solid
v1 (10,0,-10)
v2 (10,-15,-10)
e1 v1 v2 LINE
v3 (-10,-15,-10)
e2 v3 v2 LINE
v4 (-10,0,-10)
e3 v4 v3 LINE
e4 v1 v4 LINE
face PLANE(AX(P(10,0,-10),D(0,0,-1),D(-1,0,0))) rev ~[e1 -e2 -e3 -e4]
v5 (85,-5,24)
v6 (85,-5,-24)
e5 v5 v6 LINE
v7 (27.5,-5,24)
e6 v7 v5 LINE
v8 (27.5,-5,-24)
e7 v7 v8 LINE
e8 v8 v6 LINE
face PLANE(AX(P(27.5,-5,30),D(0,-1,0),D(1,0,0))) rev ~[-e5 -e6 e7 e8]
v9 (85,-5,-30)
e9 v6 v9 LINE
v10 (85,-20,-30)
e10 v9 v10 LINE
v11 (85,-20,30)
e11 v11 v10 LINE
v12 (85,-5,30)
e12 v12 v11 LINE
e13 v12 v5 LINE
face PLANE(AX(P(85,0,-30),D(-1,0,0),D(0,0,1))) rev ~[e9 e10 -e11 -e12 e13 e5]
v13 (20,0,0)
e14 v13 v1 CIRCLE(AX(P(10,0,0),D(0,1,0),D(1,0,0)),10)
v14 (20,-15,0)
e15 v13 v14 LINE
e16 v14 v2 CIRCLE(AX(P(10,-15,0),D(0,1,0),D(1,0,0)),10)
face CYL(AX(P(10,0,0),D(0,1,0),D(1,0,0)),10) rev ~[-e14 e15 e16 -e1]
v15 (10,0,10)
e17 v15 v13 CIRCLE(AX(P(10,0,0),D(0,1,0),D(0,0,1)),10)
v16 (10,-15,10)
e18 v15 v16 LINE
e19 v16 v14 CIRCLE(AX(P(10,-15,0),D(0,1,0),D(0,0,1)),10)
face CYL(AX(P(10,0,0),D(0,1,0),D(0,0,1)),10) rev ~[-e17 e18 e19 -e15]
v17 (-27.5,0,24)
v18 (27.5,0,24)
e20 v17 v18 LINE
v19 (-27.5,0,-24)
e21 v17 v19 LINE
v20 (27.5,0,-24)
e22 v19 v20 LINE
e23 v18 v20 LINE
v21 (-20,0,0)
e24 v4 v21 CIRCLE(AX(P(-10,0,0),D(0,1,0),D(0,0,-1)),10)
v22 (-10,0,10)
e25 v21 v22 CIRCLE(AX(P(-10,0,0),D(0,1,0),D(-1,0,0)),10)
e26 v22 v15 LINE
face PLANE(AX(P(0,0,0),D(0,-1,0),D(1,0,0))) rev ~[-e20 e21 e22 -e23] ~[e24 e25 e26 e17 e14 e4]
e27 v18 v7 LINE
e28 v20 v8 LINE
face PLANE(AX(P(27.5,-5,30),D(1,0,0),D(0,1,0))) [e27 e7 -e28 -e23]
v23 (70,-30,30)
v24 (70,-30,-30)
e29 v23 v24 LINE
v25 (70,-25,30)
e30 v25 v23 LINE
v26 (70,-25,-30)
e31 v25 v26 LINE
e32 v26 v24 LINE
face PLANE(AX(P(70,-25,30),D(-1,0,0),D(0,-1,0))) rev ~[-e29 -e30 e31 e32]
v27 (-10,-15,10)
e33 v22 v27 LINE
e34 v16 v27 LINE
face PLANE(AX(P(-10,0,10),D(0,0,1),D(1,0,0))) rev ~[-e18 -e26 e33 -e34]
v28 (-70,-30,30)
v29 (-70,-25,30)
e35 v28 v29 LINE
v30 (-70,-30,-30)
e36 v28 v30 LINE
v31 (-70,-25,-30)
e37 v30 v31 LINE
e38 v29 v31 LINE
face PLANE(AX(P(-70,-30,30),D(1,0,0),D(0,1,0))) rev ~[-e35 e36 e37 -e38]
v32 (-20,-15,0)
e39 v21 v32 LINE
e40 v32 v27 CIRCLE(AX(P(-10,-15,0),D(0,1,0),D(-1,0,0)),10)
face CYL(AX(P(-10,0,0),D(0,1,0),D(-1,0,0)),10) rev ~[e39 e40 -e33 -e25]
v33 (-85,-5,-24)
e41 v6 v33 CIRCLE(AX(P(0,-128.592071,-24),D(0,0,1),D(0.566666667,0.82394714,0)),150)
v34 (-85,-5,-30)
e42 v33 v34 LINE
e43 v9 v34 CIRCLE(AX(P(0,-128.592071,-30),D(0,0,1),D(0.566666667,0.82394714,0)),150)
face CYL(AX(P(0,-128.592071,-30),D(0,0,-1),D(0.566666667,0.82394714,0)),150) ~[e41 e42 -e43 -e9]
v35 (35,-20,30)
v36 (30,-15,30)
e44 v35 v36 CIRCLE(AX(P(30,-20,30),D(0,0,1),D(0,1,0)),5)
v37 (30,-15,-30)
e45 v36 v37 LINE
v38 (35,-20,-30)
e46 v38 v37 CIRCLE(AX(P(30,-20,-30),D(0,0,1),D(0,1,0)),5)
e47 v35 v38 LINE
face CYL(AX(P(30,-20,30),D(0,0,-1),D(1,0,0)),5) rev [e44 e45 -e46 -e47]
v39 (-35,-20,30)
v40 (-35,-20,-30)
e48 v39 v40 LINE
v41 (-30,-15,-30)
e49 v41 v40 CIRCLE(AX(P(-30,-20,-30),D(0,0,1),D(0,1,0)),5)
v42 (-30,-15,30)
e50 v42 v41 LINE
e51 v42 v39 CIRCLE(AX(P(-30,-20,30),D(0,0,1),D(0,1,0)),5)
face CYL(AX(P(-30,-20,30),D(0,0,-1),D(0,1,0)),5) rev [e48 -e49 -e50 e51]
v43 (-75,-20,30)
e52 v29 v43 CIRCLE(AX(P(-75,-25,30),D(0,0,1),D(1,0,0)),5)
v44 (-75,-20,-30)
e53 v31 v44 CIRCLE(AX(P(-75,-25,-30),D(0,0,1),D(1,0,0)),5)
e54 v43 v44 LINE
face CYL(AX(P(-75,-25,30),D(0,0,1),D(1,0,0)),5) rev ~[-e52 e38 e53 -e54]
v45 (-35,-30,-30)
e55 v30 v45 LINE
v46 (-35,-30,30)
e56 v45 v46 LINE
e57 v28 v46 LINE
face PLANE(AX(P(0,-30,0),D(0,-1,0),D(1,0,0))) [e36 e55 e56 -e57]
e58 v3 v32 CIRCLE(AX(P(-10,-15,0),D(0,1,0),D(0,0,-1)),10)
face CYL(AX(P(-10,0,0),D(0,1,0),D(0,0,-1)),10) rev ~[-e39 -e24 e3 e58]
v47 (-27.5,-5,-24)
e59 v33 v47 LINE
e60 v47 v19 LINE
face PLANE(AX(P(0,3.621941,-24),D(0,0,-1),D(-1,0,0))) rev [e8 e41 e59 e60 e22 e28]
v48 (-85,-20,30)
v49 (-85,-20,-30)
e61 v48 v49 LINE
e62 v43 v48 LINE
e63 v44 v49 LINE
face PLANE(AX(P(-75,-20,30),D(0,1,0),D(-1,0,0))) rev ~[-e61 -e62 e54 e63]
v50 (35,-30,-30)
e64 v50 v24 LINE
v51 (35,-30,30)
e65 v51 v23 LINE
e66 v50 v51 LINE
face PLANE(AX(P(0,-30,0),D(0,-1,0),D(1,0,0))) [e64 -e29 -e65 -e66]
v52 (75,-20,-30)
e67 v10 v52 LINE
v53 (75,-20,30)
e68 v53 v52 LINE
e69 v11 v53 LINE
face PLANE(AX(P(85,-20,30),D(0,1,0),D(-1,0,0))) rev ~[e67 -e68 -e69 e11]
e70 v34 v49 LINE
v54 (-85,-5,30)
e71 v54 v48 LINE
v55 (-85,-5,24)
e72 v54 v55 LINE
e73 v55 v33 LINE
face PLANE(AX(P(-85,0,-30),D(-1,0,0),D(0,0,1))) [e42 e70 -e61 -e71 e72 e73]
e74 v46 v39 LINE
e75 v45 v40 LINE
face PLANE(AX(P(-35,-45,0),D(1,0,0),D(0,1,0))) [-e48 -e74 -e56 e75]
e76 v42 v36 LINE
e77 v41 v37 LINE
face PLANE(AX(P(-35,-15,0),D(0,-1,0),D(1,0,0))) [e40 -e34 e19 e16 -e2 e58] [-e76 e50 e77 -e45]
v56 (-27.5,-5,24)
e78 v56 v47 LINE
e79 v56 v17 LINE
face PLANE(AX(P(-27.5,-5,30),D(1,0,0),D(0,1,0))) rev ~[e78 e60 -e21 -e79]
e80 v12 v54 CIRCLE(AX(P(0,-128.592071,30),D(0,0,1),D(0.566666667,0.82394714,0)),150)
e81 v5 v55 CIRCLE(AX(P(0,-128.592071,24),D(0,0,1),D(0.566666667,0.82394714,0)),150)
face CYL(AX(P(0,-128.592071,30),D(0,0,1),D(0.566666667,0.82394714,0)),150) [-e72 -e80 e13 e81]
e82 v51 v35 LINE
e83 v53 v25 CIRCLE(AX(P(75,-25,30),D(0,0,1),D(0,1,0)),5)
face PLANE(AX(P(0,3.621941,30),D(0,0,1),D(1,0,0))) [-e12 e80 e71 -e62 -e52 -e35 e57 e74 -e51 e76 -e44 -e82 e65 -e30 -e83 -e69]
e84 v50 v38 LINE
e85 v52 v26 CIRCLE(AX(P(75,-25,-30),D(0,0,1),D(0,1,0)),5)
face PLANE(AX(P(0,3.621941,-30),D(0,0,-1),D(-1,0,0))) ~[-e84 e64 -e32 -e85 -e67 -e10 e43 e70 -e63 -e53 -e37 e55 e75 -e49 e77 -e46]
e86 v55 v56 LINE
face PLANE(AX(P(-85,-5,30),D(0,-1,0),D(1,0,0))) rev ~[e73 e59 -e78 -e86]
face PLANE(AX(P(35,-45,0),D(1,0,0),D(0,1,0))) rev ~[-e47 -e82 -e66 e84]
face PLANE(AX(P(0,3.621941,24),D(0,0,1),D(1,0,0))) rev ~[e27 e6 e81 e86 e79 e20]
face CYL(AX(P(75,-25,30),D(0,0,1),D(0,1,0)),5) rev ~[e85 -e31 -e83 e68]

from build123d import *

# Parameters (mm, degrees)
F0_W      = 170
F0_H      = 60
F1_DEPTH  = 30
F2_W      = 70
F2_H      = 30
F3_DEPTH  = 59.69157
F4_R      = 5
F6_DEPTH  = 60.001
F7_W      = 57.5
F7_H      = 5
F8_DEPTH  = 60.001
F10_DEPTH = 6
F13_DEPTH = 30.001


with BuildPart() as f1:
    # F0 (on Front) → F1 (new body)
    with BuildSketch(Plane.XZ):
        Rectangle(F0_W, F0_H)
    extrude(amount=F1_DEPTH)

    # F2 (on Top) → F3 (cut, symmetric)
    with BuildSketch(Plane.XY):
        with Locations((0, -30)):
            Rectangle(F2_W, F2_H)
    extrude(amount=F3_DEPTH, both=True, mode=Mode.SUBTRACT)

    # F4
    f4_edges = [f1.edges().sort_by_distance(p)[0] for p in [
        (35, -15, 0),
        (-35, -15, 0),
    ]]
    fillet(f4_edges, radius=F4_R)

    # F5 (on face) → F6 (cut, through all)
    with BuildSketch(Plane.XY.offset(30)):
        with BuildLine():
            Line((70, -30), (85, -30))
            Line((85, -30), (85, -20))
            Line((85, -20), (75, -20))
            ThreePointArc((75, -20), (71.4644660941, -21.4644660941), (70, -25))
            Line((70, -25), (70, -30))
        make_face()
        with BuildLine():
            Line((-85, -20), (-85, -30))
            Line((-85, -30), (-70, -30))
            Line((-70, -30), (-70, -25))
            ThreePointArc((-70, -25), (-71.4644660941, -21.4644660941), (-75, -20))
            Line((-75, -20), (-85, -20))
        make_face()
    extrude(amount=-F6_DEPTH, mode=Mode.SUBTRACT)

    # F7 (on face) → F8 (cut, through all)
    with BuildSketch(Plane.XY.offset(30)):
        with Locations((56.25, -2.5)):
            Rectangle(F7_W, F7_H)
        with Locations((-56.25, -2.5)):
            Rectangle(F7_W, F7_H)
    extrude(amount=-F8_DEPTH, mode=Mode.SUBTRACT)

    # F9 (on face) → F10 (join)
    with BuildSketch(Plane.XY.offset(30)):
        with BuildLine():
            Line((27.5, -5), (85, -5))
            ThreePointArc((85, -5), (0, 21.4079290569), (-85, -5))
            Line((-85, -5), (-27.5, -5))
            Line((-27.5, -5), (-27.5, 0))
            Line((-27.5, 0), (27.5, 0))
            Line((27.5, 0), (27.5, -5))
        make_face()
    extrude(amount=-F10_DEPTH)

    # F11: F1 across plane


with BuildPart() as f1_1:
    add(f1.part)
    add(f1.part.mirror(Plane.XY))

    # F12 (on face) → F13 (cut, through all)
    with BuildSketch(Plane(origin=(0, 0, 0), x_dir=(-1, 0, 0), z_dir=(0, 1, 0))):
        with BuildLine():
            ThreePointArc((20, 0), (17.0710678119, 7.0710678119), (10, 10))
            Line((10, 10), (-10, 10))
            ThreePointArc((-10, 10), (-17.0710678119, 7.0710678119), (-20, 0))
            ThreePointArc((-20, 0), (-17.0710678119, -7.0710678119), (-10, -10))
            Line((-10, -10), (10, -10))
            ThreePointArc((10, -10), (17.0710678119, -7.0710678119), (20, 0))
        make_face()
    extrude(amount=-F13_DEPTH, mode=Mode.SUBTRACT)


solid = f1_1.part
